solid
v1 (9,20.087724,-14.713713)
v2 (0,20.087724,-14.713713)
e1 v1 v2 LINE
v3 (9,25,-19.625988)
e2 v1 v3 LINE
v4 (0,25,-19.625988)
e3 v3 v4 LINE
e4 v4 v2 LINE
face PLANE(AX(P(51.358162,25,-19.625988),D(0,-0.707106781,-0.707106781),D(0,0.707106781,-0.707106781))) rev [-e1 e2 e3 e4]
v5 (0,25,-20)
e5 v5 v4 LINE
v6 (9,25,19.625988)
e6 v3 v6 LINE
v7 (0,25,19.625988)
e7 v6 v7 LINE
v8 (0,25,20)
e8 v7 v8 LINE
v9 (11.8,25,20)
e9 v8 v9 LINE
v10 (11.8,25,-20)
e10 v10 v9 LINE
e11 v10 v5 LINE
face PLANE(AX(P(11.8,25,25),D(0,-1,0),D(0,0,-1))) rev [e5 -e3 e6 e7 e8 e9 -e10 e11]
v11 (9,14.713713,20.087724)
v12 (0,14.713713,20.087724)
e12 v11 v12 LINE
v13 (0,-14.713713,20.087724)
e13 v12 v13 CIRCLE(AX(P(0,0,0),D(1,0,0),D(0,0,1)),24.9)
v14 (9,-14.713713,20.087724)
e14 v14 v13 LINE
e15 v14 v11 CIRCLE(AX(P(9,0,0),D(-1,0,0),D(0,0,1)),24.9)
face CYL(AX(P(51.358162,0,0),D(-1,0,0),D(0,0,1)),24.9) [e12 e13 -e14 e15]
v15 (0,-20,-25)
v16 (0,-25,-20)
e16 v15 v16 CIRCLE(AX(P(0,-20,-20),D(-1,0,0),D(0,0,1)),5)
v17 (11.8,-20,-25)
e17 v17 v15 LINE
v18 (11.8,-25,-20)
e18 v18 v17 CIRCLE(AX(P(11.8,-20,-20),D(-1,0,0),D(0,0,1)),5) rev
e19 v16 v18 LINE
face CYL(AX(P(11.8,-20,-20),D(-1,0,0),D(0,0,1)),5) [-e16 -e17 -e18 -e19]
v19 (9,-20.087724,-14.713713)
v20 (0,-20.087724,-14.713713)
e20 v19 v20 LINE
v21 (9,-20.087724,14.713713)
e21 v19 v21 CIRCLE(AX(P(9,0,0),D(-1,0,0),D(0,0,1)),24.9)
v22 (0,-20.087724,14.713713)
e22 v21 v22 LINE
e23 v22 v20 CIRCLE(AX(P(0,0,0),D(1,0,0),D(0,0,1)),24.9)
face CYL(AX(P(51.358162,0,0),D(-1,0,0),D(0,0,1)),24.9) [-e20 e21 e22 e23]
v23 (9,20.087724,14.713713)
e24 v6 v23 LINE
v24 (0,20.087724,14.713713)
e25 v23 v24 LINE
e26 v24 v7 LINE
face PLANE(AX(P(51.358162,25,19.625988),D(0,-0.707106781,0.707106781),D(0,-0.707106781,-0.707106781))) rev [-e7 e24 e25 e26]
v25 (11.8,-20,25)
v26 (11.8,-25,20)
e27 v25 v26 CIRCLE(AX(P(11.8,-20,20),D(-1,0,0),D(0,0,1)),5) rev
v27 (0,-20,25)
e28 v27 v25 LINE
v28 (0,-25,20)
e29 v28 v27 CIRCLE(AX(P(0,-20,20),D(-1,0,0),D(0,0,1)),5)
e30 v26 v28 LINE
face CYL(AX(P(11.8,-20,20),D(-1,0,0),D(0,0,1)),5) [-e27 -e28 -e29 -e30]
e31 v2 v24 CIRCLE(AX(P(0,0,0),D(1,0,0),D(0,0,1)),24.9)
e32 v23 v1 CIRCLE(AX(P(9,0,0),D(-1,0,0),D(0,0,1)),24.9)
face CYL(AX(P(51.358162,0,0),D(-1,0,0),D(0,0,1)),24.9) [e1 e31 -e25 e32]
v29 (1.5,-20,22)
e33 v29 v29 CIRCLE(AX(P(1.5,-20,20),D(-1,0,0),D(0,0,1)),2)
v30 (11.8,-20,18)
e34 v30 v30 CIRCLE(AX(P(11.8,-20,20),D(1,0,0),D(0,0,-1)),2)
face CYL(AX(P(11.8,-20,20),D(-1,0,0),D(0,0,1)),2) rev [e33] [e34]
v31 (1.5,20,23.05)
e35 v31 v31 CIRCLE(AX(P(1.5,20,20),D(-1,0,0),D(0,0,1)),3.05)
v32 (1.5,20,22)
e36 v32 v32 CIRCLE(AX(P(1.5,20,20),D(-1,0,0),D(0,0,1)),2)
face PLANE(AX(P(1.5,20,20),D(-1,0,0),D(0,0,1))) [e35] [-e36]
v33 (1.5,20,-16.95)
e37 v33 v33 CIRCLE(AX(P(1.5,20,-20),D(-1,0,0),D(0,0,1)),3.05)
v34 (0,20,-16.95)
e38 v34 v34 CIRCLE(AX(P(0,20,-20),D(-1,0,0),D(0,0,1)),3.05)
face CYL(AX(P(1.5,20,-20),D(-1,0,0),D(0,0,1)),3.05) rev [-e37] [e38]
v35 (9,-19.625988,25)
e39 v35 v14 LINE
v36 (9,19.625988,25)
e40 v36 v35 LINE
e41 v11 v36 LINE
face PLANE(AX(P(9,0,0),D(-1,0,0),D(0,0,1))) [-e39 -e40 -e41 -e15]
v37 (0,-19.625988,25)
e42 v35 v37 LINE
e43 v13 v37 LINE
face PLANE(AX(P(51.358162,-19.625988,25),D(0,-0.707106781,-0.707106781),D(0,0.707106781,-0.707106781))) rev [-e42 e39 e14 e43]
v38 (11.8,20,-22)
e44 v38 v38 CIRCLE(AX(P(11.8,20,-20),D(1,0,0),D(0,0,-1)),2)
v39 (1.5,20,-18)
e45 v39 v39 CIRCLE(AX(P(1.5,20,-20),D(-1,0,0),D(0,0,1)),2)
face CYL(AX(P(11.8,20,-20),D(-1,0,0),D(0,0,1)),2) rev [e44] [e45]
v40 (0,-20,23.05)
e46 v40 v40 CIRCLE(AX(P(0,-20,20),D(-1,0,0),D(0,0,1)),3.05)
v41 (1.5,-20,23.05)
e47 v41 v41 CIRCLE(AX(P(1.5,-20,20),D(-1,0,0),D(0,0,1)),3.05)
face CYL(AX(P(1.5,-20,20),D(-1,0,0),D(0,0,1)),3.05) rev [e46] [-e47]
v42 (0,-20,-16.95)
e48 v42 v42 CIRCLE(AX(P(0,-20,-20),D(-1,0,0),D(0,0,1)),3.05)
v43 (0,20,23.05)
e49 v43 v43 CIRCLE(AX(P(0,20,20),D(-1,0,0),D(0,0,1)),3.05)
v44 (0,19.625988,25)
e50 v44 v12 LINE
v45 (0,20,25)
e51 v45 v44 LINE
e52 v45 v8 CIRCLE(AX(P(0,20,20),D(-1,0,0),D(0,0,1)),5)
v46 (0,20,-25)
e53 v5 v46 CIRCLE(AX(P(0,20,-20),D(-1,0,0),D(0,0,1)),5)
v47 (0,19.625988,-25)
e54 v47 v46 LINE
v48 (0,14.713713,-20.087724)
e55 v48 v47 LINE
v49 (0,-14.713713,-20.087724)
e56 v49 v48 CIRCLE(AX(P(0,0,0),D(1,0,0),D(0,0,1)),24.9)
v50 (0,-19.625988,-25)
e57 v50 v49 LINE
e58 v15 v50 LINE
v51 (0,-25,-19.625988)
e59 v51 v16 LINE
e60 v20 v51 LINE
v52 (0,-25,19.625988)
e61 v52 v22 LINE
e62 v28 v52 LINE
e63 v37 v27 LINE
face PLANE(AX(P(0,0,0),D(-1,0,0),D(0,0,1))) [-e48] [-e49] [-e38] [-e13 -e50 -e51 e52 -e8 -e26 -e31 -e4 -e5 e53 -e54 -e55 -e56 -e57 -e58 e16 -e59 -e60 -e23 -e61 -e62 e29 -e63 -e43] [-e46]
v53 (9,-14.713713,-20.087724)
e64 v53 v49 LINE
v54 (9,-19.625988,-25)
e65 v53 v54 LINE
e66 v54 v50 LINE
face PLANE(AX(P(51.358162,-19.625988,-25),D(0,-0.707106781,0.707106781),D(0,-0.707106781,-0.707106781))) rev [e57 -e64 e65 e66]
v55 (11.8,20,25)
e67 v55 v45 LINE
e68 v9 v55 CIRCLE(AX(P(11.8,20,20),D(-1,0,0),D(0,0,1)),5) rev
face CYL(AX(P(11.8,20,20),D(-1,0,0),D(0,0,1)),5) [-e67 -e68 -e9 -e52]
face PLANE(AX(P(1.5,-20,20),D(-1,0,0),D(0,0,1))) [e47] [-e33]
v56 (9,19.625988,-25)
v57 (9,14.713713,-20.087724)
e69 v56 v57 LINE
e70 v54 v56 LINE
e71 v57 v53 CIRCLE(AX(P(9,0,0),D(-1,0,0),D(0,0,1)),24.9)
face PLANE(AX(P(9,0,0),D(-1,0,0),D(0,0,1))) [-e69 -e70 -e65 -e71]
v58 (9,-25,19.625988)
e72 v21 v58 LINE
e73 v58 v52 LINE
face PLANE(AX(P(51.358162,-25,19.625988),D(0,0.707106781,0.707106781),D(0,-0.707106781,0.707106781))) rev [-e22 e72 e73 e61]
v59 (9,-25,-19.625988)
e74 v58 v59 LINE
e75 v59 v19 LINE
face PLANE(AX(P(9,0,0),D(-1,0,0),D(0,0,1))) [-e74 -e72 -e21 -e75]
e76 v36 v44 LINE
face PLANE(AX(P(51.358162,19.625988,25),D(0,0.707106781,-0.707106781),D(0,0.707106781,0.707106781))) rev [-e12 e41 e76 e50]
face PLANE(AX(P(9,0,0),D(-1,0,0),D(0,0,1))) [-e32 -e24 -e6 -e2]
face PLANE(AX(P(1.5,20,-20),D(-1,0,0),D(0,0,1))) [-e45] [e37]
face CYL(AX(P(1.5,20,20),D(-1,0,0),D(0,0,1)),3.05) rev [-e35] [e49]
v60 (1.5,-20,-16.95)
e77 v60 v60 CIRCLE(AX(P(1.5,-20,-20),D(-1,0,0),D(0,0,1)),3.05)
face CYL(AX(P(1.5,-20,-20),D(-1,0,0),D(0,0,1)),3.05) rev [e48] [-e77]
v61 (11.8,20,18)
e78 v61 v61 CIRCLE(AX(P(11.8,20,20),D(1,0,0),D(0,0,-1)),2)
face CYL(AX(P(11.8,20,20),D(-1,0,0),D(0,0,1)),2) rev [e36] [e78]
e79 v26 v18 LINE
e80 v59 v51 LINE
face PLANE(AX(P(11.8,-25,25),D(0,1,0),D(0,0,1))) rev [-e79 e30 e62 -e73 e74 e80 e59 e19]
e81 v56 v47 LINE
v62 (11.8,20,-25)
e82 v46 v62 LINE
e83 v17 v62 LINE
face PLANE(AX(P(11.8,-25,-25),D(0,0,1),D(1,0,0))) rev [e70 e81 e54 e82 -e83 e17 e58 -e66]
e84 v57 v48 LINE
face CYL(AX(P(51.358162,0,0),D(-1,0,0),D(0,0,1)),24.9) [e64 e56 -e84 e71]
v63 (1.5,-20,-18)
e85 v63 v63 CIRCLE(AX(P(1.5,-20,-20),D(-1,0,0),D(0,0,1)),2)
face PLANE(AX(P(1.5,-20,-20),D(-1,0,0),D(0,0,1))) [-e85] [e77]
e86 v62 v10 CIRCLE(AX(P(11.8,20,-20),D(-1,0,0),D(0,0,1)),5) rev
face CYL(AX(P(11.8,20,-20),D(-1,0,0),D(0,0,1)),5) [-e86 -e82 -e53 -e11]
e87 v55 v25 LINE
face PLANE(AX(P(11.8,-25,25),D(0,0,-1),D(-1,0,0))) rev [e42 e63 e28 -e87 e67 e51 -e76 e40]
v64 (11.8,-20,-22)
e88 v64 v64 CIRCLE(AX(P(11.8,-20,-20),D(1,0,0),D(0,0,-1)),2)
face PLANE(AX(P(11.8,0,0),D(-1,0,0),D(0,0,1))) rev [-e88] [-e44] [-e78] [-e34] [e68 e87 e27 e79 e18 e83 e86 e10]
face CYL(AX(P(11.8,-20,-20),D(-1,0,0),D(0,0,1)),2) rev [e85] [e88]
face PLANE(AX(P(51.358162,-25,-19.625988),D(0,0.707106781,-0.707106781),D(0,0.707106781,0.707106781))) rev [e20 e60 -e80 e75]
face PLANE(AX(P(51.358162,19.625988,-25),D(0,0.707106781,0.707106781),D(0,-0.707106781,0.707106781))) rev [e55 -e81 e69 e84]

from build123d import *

# Parameters (mm, degrees)
SKETCH1_W          = 50
SKETCH1_H          = 50
SKETCH1_R          = 2
BODY_DEPTH         = 11.8
FILLET1_R          = 5
SKETCH2_R          = 3.05
C_BORES_DEPTH      = 1.5
CUT_EXTRUDE1_DEPTH = 9


with BuildPart() as part:
    # Sketch1 → Body (new body)
    with BuildSketch(Plane(origin=(0, 0, 0), x_dir=(0, 0, -1), z_dir=(1, 0, 0))):
        Rectangle(SKETCH1_W, SKETCH1_H)
        with Locations((-20, -20)):
            Circle(SKETCH1_R, mode=Mode.SUBTRACT)
        with Locations((-20, 20)):
            Circle(SKETCH1_R, mode=Mode.SUBTRACT)
        with Locations((20, 20)):
            Circle(SKETCH1_R, mode=Mode.SUBTRACT)
        with Locations((20, -20)):
            Circle(SKETCH1_R, mode=Mode.SUBTRACT)
    extrude(amount=BODY_DEPTH)

    # Fillet1
    fillet1_edges = [part.edges().sort_by_distance(p)[0] for p in [
        (5.9, -25, -25),
        (5.9, -25, 25),
        (5.9, 25, 25),
        (5.9, 25, -25),
    ]]
    fillet(fillet1_edges, radius=FILLET1_R)

    # Sketch2 → C'Bores (cut)
    with BuildSketch(Plane.ZY):
        with Locations((-20, -20)):
            Circle(SKETCH2_R)
        with Locations((-20, 20)):
            Circle(SKETCH2_R)
        with Locations((20, 20)):
            Circle(SKETCH2_R)
        with Locations((20, -20)):
            Circle(SKETCH2_R)
    extrude(amount=-C_BORES_DEPTH, mode=Mode.SUBTRACT)

    # Sketch3 → Cut-Extrude1 (cut)
    with BuildSketch(Plane.ZY):
        with BuildLine():
            Line((-25, -19.625988463), (-20.087724144, -14.713712607))
            ThreePointArc((-20.087724144, -14.713712607), (-24.9, 0), (-20.087724144, 14.713712607))
            Line((-20.087724144, 14.713712607), (-25, 19.625988463))
            Line((-25, 19.625988463), (-25, -19.625988463))
        make_face()
        with BuildLine():
            Line((-19.625988463, -25), (-14.713712607, -20.087724144))
            ThreePointArc((-14.713712607, -20.087724144), (0, -24.9), (14.713712607, -20.087724144))
            Line((14.713712607, -20.087724144), (19.625988463, -25))
            Line((19.625988463, -25), (-19.625988463, -25))
        make_face()
        with BuildLine():
            Line((-19.625988463, 25), (-14.713712607, 20.087724144))
            ThreePointArc((-14.713712607, 20.087724144), (0, 24.9), (14.713712607, 20.087724144))
            Line((14.713712607, 20.087724144), (19.625988463, 25))
            Line((19.625988463, 25), (-19.625988463, 25))
        make_face()
        with BuildLine():
            Line((25, 19.625988463), (20.087724144, 14.713712607))
            ThreePointArc((20.087724144, 14.713712607), (24.9, 0), (20.087724144, -14.713712607))
            Line((20.087724144, -14.713712607), (25, -19.625988463))
            Line((25, -19.625988463), (25, 19.625988463))
        make_face()
    extrude(amount=-CUT_EXTRUDE1_DEPTH, mode=Mode.SUBTRACT)


solid = part.part
